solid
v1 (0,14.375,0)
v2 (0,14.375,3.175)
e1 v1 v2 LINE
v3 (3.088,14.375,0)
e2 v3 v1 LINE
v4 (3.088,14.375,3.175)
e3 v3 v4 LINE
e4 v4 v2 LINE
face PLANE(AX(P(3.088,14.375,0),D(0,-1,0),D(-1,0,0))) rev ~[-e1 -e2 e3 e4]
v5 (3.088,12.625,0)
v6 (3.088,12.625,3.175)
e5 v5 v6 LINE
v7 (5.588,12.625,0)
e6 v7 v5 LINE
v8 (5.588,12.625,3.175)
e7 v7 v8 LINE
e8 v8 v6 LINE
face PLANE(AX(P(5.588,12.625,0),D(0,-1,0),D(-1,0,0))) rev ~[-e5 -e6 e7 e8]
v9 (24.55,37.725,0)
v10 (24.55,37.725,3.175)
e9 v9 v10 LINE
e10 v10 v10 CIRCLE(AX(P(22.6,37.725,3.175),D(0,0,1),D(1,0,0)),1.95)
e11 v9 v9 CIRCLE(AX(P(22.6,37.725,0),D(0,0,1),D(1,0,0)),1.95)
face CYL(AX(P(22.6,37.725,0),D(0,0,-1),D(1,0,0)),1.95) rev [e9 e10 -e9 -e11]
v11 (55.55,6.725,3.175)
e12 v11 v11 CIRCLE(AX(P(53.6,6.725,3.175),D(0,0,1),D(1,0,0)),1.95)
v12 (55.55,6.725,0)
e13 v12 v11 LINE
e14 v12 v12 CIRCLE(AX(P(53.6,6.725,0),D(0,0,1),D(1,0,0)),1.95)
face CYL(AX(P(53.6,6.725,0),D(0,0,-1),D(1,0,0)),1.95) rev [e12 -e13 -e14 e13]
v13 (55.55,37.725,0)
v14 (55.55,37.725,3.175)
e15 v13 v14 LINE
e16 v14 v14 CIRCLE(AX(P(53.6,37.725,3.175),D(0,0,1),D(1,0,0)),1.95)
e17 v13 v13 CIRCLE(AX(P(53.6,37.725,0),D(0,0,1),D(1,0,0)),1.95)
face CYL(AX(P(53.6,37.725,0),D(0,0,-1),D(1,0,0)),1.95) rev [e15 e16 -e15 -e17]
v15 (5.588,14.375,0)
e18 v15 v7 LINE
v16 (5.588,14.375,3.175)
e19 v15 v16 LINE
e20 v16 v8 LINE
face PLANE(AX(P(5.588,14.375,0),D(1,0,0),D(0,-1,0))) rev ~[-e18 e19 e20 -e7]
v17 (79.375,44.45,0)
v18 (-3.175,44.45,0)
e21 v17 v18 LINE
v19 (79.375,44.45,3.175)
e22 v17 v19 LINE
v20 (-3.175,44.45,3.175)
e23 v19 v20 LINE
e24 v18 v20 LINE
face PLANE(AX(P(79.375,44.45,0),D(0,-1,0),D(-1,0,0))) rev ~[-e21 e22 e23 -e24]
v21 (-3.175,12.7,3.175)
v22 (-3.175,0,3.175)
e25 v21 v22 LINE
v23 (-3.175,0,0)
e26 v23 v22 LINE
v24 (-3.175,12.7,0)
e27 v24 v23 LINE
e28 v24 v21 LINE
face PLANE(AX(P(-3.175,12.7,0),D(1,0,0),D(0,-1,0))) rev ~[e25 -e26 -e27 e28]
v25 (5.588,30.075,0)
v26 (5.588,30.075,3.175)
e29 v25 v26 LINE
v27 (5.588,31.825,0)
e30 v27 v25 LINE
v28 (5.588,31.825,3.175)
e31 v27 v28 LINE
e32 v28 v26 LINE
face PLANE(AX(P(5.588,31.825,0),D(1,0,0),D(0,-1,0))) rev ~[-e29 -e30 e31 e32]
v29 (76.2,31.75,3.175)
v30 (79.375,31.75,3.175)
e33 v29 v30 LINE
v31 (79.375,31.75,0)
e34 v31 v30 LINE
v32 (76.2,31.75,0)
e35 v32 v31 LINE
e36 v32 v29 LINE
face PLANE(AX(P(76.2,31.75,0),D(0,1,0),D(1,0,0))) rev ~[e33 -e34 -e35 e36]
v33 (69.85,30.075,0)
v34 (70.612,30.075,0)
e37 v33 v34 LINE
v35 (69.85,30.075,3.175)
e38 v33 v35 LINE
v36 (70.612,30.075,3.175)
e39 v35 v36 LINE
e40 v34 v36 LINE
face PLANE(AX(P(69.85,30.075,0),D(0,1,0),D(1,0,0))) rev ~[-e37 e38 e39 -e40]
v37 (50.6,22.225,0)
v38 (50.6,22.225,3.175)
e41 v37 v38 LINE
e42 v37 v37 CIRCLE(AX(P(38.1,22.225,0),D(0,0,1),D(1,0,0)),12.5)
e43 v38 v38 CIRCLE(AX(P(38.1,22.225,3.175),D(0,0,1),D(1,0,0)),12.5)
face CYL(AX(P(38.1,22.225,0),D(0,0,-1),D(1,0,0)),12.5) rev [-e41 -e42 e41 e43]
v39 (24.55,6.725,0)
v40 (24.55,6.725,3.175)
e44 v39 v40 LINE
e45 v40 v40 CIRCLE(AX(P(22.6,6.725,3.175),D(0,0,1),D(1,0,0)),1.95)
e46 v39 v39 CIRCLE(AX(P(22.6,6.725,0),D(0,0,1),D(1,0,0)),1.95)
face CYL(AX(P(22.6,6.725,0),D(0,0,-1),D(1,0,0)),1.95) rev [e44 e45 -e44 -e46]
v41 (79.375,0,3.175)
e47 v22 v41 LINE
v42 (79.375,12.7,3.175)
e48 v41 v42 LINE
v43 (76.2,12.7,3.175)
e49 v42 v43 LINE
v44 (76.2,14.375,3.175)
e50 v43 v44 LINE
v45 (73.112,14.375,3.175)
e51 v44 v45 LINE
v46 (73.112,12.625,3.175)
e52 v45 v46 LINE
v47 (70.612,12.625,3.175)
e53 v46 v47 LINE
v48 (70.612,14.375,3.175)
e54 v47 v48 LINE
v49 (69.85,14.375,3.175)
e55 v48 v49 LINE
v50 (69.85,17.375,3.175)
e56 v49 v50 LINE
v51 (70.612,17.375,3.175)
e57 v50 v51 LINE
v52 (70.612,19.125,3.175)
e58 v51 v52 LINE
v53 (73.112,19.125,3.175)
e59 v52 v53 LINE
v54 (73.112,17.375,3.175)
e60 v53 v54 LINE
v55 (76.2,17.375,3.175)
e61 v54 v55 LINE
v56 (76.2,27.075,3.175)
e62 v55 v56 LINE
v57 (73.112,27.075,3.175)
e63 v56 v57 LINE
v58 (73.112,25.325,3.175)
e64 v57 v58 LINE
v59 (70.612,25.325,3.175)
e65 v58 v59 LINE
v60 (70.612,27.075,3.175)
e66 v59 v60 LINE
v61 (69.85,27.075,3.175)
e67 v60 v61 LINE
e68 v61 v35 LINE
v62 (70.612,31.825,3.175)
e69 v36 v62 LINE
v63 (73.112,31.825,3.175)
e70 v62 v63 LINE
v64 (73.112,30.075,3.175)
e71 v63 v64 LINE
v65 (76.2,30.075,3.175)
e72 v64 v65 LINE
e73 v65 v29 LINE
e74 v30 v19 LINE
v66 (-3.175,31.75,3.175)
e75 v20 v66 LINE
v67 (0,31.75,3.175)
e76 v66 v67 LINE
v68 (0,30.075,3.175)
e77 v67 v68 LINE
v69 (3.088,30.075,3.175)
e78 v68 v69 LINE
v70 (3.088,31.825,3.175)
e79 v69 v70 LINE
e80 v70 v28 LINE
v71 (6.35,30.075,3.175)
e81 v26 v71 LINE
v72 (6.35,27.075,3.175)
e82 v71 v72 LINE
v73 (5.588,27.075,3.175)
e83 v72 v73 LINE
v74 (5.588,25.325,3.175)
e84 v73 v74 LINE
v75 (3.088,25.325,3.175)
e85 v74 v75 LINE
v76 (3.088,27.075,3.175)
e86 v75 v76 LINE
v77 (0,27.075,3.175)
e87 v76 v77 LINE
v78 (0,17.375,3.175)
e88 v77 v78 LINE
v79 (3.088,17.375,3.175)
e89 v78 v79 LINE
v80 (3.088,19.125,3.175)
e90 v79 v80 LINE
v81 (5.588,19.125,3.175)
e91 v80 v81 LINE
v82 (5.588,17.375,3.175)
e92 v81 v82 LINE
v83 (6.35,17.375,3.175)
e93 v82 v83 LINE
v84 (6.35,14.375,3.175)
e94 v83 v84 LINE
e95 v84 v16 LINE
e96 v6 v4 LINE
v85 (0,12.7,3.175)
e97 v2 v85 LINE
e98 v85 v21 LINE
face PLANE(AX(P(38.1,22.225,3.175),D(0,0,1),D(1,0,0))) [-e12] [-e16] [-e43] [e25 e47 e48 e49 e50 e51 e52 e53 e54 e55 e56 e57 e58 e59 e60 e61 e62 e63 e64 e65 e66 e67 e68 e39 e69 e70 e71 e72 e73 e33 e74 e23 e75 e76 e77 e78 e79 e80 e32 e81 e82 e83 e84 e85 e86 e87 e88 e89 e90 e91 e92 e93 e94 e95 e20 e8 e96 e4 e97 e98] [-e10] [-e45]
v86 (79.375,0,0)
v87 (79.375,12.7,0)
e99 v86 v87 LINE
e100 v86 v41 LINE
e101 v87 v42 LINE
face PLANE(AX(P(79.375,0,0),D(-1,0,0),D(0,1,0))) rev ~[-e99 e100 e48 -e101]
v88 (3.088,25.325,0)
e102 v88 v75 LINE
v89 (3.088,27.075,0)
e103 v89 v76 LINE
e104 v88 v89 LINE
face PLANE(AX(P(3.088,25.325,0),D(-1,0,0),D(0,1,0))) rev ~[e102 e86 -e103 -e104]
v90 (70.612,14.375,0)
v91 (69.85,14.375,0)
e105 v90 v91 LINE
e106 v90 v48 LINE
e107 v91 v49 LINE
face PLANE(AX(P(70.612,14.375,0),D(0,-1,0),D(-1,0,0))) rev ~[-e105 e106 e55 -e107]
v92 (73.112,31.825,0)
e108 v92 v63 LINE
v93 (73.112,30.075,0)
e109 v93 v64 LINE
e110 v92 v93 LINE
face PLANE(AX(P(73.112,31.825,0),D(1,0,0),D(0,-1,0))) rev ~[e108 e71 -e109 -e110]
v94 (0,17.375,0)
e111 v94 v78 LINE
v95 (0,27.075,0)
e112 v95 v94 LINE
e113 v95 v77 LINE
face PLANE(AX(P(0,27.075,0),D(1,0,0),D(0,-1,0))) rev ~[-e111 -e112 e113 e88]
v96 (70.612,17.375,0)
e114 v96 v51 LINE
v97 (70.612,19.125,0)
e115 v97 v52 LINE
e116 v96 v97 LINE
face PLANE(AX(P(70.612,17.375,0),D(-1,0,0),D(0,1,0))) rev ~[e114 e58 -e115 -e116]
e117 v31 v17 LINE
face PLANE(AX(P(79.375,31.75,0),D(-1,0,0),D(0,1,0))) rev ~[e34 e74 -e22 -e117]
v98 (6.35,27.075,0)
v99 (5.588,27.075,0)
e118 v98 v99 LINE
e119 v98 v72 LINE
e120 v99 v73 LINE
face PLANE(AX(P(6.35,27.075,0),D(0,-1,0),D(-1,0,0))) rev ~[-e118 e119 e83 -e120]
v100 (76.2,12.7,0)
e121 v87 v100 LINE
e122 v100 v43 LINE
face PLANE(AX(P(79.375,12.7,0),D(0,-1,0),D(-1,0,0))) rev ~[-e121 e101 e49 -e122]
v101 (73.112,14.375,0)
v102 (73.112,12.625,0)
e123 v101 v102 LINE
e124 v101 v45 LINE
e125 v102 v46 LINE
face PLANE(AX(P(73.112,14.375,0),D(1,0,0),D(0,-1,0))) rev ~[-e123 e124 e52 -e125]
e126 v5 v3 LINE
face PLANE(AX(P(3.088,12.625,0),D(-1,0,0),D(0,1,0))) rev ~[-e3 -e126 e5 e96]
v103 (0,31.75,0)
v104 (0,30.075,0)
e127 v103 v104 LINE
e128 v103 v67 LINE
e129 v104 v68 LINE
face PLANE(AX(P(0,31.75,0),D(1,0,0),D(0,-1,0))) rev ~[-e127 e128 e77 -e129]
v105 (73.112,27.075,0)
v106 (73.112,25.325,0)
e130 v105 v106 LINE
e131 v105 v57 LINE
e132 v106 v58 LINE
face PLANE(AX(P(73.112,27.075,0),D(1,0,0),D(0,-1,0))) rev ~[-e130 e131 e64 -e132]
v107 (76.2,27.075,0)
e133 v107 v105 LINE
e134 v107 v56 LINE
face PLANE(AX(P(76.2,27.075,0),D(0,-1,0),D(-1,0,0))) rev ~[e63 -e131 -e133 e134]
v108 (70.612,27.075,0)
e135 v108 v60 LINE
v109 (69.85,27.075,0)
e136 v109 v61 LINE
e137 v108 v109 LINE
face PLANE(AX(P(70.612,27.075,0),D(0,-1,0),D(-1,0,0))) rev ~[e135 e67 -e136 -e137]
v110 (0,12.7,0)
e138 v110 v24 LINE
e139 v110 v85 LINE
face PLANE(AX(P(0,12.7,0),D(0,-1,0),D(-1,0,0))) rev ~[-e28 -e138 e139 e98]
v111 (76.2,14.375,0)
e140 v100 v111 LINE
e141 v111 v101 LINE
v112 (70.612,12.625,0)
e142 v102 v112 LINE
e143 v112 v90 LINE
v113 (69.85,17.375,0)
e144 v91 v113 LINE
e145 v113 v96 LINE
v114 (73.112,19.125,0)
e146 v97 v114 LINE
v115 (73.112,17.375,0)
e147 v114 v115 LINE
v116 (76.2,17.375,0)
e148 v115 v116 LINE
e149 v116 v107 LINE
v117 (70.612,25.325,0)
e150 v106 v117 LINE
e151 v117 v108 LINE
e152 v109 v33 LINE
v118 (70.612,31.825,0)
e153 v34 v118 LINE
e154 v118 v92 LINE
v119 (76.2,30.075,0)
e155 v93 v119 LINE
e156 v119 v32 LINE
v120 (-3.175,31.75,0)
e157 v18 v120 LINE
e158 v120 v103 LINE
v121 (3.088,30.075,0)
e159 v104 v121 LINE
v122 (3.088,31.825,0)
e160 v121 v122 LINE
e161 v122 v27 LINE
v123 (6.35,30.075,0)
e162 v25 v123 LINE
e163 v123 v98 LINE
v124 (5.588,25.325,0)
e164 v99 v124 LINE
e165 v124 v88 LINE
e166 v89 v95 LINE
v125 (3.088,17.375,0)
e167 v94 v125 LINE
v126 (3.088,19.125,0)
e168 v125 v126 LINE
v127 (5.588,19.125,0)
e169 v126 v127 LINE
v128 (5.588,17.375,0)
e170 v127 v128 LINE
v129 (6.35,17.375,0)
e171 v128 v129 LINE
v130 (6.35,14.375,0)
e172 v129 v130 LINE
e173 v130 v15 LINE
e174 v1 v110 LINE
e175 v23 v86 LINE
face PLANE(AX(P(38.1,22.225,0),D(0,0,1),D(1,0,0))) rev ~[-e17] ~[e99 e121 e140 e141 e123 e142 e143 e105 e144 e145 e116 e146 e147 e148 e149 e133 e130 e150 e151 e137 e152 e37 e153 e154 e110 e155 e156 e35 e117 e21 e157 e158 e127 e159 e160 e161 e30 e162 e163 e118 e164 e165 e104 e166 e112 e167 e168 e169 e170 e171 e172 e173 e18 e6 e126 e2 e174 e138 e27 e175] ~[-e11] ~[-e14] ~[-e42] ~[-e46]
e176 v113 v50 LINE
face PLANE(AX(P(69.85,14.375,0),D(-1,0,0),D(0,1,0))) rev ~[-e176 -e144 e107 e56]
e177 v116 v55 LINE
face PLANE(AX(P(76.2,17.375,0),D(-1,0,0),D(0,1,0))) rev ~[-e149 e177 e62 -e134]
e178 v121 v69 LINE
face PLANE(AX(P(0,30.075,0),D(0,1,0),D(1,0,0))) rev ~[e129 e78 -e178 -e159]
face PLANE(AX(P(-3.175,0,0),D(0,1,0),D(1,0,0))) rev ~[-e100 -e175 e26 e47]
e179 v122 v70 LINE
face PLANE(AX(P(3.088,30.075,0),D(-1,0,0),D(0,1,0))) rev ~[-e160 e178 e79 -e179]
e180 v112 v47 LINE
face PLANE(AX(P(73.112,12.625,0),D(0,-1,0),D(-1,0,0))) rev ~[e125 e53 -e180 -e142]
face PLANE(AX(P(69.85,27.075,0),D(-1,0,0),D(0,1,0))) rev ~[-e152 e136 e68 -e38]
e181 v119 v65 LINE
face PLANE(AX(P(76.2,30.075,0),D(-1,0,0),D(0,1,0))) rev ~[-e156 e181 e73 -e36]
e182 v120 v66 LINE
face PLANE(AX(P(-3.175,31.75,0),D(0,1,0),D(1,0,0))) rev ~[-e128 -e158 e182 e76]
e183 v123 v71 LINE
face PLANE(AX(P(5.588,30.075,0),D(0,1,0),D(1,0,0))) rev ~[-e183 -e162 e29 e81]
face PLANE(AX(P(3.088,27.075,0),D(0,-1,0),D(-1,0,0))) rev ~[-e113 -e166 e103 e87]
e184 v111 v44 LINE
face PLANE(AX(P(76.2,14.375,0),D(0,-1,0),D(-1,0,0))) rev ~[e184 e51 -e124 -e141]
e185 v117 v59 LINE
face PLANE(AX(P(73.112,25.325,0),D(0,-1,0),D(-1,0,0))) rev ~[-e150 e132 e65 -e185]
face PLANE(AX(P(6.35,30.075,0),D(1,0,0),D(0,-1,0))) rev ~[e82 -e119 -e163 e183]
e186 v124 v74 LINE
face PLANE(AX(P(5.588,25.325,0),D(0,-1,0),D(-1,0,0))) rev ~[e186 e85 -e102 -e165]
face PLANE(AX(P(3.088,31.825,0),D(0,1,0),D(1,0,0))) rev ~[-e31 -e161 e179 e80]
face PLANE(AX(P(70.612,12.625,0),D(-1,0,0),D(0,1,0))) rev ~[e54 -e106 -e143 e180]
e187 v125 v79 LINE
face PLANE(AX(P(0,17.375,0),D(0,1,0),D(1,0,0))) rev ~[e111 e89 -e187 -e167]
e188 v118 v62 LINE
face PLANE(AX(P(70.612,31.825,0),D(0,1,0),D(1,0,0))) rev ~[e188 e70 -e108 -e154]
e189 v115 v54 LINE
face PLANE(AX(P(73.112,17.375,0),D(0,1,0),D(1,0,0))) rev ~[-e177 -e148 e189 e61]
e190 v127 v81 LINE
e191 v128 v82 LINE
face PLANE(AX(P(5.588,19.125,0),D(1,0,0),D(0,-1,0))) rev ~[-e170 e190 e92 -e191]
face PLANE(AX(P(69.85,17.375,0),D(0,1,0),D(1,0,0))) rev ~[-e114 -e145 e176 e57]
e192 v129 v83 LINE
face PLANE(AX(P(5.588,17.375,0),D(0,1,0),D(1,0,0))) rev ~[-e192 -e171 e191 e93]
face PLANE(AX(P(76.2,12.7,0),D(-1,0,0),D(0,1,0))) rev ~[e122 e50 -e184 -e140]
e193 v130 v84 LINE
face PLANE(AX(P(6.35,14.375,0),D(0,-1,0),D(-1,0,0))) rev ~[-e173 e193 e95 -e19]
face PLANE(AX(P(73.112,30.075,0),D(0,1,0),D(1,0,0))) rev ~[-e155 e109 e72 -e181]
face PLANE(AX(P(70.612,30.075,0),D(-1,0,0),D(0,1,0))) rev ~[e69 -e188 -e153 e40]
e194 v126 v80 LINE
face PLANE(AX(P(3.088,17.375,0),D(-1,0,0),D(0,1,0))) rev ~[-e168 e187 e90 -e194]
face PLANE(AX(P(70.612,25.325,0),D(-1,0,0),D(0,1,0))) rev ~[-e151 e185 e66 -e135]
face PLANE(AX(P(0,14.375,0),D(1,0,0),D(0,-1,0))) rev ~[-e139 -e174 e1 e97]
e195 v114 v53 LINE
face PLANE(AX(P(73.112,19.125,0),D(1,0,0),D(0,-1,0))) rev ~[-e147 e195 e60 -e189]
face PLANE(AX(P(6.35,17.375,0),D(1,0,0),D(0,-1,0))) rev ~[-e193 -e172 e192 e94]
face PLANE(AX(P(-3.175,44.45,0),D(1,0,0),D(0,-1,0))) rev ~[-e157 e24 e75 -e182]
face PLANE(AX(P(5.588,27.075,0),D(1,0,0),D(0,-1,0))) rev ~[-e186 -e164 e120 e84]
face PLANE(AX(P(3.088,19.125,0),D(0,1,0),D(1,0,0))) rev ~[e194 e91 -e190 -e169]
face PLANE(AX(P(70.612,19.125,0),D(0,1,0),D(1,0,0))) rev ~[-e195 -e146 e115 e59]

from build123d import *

# Parameters (mm, degrees)
SKETCH2_R           = 1.95
SKETCH2_R_2         = 12.5
BOSS_EXTRUDE1_DEPTH = 3.175


with BuildPart() as part:
    # Sketch2 → Boss-Extrude1 (new body)
    with BuildSketch(Plane.XY):
        Polygon((-3.175, 0), (79.375, 0), (79.375, 12.7), (76.2, 12.7), (76.2, 14.375), (73.112, 14.375), (73.112, 12.625), (70.612, 12.625), (70.612, 14.375), (69.85, 14.375), (69.85, 17.375), (70.612, 17.375), (70.612, 19.125), (73.112, 19.125), (73.112, 17.375), (76.2, 17.375), (76.2, 27.075), (73.112, 27.075), (73.112, 25.325), (70.612, 25.325), (70.612, 27.075), (69.85, 27.075), (69.85, 30.075), (70.612, 30.075), (70.612, 31.825), (73.112, 31.825), (73.112, 30.075), (76.2, 30.075), (76.2, 31.75), (79.375, 31.75), (79.375, 44.45), (-3.175, 44.45), (-3.175, 31.75), (0, 31.75), (0, 30.075), (3.088, 30.075), (3.088, 31.825), (5.588, 31.825), (5.588, 30.075), (6.35, 30.075), (6.35, 27.075), (5.588, 27.075), (5.588, 25.325), (3.088, 25.325), (3.088, 27.075), (0, 27.075), (0, 17.375), (3.088, 17.375), (3.088, 19.125), (5.588, 19.125), (5.588, 17.375), (6.35, 17.375), (6.35, 14.375), (5.588, 14.375), (5.588, 12.625), (3.088, 12.625), (3.088, 14.375), (0, 14.375), (0, 12.7), (-3.175, 12.7), align=None)
        with Locations((22.6, 6.725)):
            Circle(SKETCH2_R, mode=Mode.SUBTRACT)
        with Locations((53.6, 6.725)):
            Circle(SKETCH2_R, mode=Mode.SUBTRACT)
        with Locations((38.1, 22.225)):
            Circle(SKETCH2_R_2, mode=Mode.SUBTRACT)
        with Locations((22.6, 37.725)):
            Circle(SKETCH2_R, mode=Mode.SUBTRACT)
        with Locations((53.6, 37.725)):
            Circle(SKETCH2_R, mode=Mode.SUBTRACT)
    extrude(amount=BOSS_EXTRUDE1_DEPTH)


solid = part.part
